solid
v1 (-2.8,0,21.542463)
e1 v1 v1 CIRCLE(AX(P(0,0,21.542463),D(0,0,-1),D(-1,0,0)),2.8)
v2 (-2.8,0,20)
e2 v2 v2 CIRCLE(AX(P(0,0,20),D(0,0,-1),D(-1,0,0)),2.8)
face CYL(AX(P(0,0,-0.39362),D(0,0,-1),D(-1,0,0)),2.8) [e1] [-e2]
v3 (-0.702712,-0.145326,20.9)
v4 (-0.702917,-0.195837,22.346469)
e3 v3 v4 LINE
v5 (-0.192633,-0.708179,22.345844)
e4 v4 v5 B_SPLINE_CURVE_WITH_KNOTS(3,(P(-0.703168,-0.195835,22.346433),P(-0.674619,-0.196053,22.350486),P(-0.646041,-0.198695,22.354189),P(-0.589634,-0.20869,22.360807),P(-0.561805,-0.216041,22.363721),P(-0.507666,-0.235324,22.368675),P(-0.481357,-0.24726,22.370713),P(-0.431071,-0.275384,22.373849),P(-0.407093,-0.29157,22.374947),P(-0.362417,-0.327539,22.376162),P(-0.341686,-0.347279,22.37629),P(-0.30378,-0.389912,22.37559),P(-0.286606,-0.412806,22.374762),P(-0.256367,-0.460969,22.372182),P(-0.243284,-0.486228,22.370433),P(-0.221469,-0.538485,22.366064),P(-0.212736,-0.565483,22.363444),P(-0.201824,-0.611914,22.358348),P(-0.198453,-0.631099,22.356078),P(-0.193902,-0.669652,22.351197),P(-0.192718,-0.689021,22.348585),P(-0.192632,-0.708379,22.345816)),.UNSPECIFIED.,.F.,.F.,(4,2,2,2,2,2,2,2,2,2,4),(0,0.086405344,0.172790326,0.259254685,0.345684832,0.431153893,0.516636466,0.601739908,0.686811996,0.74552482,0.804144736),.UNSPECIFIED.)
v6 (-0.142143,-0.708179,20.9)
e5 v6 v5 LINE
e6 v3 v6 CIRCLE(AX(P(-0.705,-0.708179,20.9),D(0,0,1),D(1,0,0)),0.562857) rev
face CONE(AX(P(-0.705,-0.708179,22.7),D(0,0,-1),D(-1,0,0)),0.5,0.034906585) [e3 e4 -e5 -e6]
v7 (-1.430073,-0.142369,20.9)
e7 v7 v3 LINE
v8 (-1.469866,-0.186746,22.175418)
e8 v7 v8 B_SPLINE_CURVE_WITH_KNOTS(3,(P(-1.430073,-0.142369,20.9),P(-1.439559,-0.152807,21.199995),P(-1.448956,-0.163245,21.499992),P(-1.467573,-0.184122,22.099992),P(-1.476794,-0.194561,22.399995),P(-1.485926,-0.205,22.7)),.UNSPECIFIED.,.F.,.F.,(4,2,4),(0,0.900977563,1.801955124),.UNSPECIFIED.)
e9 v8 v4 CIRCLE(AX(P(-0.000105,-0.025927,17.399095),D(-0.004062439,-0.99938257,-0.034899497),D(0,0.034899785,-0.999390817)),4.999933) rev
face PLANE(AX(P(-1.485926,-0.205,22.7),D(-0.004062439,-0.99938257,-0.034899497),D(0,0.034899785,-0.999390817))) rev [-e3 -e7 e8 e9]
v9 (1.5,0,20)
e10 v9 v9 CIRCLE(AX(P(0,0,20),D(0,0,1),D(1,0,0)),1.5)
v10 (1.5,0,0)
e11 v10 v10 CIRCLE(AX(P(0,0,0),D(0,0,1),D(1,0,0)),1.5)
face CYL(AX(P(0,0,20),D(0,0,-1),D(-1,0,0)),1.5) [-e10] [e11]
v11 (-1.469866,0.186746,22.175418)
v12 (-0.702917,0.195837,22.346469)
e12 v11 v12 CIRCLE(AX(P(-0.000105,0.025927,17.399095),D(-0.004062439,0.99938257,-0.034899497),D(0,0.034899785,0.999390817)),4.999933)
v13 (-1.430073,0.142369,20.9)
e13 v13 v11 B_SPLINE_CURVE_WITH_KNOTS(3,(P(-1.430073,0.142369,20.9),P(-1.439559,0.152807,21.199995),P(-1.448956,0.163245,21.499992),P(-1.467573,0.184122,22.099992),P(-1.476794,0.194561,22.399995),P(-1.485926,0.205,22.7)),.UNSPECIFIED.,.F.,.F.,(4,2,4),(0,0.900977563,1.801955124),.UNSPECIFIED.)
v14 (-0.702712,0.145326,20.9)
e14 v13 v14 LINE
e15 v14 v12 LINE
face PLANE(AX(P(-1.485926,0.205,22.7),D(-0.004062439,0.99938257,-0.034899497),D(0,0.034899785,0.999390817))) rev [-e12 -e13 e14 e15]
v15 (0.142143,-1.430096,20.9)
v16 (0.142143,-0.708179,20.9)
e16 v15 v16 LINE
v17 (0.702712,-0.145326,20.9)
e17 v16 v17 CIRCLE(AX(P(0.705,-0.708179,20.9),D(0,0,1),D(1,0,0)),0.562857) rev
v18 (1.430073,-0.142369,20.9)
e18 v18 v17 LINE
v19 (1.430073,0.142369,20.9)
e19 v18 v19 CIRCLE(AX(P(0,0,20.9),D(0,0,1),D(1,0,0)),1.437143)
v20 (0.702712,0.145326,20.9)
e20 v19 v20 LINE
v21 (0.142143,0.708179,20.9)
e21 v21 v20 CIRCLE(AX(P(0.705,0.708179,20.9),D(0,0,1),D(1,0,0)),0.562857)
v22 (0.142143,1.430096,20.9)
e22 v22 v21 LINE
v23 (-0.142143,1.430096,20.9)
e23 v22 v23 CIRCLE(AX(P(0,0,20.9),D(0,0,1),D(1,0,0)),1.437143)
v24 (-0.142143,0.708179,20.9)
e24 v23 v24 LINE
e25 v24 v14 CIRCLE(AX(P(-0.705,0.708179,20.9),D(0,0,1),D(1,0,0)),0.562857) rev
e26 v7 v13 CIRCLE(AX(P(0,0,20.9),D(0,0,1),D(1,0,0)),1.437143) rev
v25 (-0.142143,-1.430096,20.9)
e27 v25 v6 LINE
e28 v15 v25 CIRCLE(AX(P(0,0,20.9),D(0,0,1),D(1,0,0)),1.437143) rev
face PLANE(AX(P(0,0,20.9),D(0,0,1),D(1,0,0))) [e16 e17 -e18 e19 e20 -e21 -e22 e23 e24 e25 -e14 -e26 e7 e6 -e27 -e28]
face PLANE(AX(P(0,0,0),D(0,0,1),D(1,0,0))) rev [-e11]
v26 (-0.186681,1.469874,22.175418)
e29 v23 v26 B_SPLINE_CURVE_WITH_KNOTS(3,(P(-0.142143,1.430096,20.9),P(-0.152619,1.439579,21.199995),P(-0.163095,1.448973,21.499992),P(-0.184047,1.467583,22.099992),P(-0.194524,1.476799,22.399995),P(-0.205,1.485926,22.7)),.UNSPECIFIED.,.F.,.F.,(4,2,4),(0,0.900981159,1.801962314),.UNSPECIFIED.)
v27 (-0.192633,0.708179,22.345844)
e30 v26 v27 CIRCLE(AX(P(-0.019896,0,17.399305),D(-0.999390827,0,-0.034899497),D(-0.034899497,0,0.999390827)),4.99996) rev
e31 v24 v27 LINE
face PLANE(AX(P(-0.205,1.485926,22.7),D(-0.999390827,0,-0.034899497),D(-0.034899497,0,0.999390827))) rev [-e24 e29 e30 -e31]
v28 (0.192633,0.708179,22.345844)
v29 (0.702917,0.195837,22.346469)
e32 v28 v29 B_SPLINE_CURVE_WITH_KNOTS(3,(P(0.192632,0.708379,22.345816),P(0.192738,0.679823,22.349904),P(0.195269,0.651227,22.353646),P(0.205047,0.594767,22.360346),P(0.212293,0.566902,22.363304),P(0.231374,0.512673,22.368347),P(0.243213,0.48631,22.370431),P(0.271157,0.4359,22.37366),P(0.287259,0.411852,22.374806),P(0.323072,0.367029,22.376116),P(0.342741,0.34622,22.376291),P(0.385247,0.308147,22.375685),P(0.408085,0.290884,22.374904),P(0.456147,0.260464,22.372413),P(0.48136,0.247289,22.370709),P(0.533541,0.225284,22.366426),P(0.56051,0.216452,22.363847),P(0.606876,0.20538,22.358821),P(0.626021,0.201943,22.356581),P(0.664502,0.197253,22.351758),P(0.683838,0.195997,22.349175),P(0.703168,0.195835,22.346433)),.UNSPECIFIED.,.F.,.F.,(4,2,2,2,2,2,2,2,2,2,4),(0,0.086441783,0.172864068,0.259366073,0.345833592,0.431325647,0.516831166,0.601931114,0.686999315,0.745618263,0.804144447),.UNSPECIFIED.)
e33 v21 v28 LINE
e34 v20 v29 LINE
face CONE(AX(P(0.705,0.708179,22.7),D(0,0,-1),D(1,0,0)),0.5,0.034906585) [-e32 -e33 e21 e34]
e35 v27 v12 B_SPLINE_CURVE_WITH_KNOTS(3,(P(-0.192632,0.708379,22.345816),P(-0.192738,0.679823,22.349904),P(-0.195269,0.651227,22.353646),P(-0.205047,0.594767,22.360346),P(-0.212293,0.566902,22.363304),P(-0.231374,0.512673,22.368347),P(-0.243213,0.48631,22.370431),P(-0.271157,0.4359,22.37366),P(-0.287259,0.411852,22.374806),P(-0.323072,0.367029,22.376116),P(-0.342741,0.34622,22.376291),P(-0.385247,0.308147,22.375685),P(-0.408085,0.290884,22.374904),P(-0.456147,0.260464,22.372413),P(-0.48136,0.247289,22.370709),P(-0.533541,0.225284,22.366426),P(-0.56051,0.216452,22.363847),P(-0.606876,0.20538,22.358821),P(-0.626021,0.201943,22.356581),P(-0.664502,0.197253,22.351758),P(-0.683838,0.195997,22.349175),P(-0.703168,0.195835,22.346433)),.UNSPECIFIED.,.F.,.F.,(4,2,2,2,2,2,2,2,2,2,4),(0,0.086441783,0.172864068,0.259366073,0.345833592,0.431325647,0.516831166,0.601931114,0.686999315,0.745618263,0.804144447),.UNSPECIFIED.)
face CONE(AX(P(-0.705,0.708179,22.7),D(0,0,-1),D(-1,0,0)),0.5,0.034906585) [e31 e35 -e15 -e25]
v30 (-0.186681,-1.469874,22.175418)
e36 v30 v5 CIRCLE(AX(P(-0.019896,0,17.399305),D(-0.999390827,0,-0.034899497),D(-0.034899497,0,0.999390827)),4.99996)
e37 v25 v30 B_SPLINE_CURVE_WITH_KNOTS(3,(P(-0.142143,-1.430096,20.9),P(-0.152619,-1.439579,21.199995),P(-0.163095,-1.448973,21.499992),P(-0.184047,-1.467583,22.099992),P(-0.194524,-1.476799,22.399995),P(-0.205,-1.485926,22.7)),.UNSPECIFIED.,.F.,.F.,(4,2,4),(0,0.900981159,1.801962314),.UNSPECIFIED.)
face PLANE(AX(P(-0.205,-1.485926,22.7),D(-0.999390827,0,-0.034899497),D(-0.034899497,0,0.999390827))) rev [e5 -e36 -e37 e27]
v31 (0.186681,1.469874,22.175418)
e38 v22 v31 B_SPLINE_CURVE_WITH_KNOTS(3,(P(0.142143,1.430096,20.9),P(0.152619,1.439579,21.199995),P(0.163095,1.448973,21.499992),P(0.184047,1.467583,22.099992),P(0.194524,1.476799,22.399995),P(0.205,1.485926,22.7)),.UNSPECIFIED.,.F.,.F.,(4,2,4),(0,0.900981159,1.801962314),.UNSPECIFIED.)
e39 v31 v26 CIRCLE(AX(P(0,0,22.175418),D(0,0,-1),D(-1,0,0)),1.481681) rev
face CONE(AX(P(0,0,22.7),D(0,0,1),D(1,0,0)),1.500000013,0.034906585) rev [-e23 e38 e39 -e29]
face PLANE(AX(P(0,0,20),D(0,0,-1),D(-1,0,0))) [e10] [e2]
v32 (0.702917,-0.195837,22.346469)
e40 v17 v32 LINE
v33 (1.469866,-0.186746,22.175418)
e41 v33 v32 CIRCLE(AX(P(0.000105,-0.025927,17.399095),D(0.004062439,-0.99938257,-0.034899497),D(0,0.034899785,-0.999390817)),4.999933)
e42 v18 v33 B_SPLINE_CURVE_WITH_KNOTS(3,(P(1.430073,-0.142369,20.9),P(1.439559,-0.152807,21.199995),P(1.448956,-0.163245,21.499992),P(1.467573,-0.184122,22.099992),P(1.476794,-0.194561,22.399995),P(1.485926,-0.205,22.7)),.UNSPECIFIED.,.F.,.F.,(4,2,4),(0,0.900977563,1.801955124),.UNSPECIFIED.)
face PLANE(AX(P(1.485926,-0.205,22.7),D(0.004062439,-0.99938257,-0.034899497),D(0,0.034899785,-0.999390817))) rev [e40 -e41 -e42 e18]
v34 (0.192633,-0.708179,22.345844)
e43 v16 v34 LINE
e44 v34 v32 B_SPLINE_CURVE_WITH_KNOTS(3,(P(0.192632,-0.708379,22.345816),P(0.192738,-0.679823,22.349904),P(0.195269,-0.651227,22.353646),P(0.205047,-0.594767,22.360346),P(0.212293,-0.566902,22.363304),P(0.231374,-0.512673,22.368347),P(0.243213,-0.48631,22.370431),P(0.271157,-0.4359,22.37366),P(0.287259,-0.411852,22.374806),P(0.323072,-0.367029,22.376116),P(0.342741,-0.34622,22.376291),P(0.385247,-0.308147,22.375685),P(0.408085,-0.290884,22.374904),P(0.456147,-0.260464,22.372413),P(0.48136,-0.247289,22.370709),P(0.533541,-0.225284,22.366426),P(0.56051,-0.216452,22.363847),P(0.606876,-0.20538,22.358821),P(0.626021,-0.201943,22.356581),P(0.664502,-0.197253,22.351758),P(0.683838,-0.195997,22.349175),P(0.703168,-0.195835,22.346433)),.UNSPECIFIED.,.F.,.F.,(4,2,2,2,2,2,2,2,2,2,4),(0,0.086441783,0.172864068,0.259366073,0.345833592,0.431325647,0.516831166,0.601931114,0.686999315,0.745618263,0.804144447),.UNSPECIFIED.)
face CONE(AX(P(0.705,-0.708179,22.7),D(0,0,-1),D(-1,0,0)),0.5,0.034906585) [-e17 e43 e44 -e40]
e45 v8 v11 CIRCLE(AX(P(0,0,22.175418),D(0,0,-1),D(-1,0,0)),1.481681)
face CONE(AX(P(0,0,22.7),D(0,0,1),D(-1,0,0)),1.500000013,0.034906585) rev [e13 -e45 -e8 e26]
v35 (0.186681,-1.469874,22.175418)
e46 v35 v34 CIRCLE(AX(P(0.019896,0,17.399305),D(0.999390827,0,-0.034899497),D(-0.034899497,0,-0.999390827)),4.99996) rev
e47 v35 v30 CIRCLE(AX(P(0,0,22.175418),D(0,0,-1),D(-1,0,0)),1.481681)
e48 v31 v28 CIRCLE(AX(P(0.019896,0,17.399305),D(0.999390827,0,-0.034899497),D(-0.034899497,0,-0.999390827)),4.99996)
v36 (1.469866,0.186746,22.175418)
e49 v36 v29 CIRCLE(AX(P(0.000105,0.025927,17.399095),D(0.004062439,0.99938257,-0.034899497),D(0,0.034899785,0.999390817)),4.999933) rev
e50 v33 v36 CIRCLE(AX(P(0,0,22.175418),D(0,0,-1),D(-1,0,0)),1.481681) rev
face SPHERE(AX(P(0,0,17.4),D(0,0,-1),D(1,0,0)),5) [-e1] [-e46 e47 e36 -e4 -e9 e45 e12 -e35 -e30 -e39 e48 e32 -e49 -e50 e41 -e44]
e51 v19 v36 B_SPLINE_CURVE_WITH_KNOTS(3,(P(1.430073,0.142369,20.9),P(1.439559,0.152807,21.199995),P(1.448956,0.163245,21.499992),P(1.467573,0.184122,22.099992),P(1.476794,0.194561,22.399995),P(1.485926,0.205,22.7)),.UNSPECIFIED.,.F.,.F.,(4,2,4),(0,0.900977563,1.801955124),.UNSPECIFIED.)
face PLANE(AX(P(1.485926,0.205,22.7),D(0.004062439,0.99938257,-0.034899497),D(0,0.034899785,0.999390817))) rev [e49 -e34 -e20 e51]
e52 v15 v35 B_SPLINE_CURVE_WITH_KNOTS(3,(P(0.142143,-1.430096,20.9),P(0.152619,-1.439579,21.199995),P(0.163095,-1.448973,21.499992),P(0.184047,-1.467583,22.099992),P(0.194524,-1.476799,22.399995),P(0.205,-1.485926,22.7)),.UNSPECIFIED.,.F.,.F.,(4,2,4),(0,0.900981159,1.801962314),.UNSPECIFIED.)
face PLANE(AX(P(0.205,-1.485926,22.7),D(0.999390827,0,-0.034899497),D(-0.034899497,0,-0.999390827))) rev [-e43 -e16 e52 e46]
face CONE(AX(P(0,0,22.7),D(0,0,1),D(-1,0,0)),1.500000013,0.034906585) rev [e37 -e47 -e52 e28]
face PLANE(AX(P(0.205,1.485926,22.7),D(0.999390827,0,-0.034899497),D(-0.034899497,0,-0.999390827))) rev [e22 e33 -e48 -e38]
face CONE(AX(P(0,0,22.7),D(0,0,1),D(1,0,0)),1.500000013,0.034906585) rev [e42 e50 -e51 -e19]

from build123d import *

# Parameters (mm, degrees)
SKETCH1_R          = 1.5
BASE_EXTRUDE_DEPTH = 20
CUT_EXTRUDE1_DEPTH = 1.799999969
CUT_EXTRUDE1_TAPER = 2


with BuildPart() as part:
    # Sketch1 → Base-Extrude (new body)
    with BuildSketch(Plane.XY):
        Circle(SKETCH1_R)
    extrude(amount=BASE_EXTRUDE_DEPTH)

    # Sketch6 → Boss-Revolve2 (revolve)
    with BuildSketch(Plane(origin=(0, 0, 0), x_dir=(1, 0, 0), z_dir=(0, 1, 0)), mode=Mode.PRIVATE) as boss_revolve2_sk:
        with BuildLine():
            Line((0, -20), (2.7999999, -20))
            Line((2.7999999, -20), (2.7999999, -21.54246308))
            ThreePointArc((2.7999999, -21.54246308), (1.46418655, -22.180811406), (0, -22.4))
            Line((0, -22.4), (0, -20))
        make_face()
    revolve(boss_revolve2_sk.sketch.rotate(Axis((0, 0, -0.393620135), (0, 0, 1)), 180), axis=Axis((0, 0, -0.393620135), (0, 0, 1)))

    # Sketch7 → Cut-Extrude1 (cut)
    with BuildSketch(Plane(origin=(0, 0, 22.7000001), x_dir=(-1, 0, 0), z_dir=(0, 0, -1))):
        with BuildLine():
            ThreePointArc((0.205000004, 1.48592565), (0, 1.500000013), (-0.205000004, 1.48592565))
            Line((-0.205000004, 1.48592565), (-0.205000004, 0.708178558))
            ThreePointArc((-0.205000004, 0.708178558), (-0.35072876, 0.355344481), (-0.702967546, 0.208182689))
            Line((-0.702967546, 0.208182689), (-1.48592565, 0.205000004))
            ThreePointArc((-1.48592565, 0.205000004), (-1.500000013, 0), (-1.48592565, -0.205000004))
            Line((-1.48592565, -0.205000004), (-0.702967546, -0.208182689))
            ThreePointArc((-0.702967546, -0.208182689), (-0.35072876, -0.355344481), (-0.205000004, -0.708178558))
            Line((-0.205000004, -0.708178558), (-0.205000004, -1.48592565))
            ThreePointArc((-0.205000004, -1.48592565), (0, -1.500000013), (0.205000004, -1.48592565))
            Line((0.205000004, -1.48592565), (0.205000004, -0.708178558))
            ThreePointArc((0.205000004, -0.708178558), (0.35072876, -0.355344481), (0.702967546, -0.208182689))
            Line((0.702967546, -0.208182689), (1.48592565, -0.205000004))
            ThreePointArc((1.48592565, -0.205000004), (1.500000013, 0), (1.48592565, 0.205000004))
            Line((1.48592565, 0.205000004), (0.702967546, 0.208182689))
            ThreePointArc((0.702967546, 0.208182689), (0.35072876, 0.355344481), (0.205000004, 0.708178558))
            Line((0.205000004, 0.708178558), (0.205000004, 1.48592565))
        make_face()
    extrude(amount=CUT_EXTRUDE1_DEPTH, taper=CUT_EXTRUDE1_TAPER, mode=Mode.SUBTRACT)


solid = part.part
